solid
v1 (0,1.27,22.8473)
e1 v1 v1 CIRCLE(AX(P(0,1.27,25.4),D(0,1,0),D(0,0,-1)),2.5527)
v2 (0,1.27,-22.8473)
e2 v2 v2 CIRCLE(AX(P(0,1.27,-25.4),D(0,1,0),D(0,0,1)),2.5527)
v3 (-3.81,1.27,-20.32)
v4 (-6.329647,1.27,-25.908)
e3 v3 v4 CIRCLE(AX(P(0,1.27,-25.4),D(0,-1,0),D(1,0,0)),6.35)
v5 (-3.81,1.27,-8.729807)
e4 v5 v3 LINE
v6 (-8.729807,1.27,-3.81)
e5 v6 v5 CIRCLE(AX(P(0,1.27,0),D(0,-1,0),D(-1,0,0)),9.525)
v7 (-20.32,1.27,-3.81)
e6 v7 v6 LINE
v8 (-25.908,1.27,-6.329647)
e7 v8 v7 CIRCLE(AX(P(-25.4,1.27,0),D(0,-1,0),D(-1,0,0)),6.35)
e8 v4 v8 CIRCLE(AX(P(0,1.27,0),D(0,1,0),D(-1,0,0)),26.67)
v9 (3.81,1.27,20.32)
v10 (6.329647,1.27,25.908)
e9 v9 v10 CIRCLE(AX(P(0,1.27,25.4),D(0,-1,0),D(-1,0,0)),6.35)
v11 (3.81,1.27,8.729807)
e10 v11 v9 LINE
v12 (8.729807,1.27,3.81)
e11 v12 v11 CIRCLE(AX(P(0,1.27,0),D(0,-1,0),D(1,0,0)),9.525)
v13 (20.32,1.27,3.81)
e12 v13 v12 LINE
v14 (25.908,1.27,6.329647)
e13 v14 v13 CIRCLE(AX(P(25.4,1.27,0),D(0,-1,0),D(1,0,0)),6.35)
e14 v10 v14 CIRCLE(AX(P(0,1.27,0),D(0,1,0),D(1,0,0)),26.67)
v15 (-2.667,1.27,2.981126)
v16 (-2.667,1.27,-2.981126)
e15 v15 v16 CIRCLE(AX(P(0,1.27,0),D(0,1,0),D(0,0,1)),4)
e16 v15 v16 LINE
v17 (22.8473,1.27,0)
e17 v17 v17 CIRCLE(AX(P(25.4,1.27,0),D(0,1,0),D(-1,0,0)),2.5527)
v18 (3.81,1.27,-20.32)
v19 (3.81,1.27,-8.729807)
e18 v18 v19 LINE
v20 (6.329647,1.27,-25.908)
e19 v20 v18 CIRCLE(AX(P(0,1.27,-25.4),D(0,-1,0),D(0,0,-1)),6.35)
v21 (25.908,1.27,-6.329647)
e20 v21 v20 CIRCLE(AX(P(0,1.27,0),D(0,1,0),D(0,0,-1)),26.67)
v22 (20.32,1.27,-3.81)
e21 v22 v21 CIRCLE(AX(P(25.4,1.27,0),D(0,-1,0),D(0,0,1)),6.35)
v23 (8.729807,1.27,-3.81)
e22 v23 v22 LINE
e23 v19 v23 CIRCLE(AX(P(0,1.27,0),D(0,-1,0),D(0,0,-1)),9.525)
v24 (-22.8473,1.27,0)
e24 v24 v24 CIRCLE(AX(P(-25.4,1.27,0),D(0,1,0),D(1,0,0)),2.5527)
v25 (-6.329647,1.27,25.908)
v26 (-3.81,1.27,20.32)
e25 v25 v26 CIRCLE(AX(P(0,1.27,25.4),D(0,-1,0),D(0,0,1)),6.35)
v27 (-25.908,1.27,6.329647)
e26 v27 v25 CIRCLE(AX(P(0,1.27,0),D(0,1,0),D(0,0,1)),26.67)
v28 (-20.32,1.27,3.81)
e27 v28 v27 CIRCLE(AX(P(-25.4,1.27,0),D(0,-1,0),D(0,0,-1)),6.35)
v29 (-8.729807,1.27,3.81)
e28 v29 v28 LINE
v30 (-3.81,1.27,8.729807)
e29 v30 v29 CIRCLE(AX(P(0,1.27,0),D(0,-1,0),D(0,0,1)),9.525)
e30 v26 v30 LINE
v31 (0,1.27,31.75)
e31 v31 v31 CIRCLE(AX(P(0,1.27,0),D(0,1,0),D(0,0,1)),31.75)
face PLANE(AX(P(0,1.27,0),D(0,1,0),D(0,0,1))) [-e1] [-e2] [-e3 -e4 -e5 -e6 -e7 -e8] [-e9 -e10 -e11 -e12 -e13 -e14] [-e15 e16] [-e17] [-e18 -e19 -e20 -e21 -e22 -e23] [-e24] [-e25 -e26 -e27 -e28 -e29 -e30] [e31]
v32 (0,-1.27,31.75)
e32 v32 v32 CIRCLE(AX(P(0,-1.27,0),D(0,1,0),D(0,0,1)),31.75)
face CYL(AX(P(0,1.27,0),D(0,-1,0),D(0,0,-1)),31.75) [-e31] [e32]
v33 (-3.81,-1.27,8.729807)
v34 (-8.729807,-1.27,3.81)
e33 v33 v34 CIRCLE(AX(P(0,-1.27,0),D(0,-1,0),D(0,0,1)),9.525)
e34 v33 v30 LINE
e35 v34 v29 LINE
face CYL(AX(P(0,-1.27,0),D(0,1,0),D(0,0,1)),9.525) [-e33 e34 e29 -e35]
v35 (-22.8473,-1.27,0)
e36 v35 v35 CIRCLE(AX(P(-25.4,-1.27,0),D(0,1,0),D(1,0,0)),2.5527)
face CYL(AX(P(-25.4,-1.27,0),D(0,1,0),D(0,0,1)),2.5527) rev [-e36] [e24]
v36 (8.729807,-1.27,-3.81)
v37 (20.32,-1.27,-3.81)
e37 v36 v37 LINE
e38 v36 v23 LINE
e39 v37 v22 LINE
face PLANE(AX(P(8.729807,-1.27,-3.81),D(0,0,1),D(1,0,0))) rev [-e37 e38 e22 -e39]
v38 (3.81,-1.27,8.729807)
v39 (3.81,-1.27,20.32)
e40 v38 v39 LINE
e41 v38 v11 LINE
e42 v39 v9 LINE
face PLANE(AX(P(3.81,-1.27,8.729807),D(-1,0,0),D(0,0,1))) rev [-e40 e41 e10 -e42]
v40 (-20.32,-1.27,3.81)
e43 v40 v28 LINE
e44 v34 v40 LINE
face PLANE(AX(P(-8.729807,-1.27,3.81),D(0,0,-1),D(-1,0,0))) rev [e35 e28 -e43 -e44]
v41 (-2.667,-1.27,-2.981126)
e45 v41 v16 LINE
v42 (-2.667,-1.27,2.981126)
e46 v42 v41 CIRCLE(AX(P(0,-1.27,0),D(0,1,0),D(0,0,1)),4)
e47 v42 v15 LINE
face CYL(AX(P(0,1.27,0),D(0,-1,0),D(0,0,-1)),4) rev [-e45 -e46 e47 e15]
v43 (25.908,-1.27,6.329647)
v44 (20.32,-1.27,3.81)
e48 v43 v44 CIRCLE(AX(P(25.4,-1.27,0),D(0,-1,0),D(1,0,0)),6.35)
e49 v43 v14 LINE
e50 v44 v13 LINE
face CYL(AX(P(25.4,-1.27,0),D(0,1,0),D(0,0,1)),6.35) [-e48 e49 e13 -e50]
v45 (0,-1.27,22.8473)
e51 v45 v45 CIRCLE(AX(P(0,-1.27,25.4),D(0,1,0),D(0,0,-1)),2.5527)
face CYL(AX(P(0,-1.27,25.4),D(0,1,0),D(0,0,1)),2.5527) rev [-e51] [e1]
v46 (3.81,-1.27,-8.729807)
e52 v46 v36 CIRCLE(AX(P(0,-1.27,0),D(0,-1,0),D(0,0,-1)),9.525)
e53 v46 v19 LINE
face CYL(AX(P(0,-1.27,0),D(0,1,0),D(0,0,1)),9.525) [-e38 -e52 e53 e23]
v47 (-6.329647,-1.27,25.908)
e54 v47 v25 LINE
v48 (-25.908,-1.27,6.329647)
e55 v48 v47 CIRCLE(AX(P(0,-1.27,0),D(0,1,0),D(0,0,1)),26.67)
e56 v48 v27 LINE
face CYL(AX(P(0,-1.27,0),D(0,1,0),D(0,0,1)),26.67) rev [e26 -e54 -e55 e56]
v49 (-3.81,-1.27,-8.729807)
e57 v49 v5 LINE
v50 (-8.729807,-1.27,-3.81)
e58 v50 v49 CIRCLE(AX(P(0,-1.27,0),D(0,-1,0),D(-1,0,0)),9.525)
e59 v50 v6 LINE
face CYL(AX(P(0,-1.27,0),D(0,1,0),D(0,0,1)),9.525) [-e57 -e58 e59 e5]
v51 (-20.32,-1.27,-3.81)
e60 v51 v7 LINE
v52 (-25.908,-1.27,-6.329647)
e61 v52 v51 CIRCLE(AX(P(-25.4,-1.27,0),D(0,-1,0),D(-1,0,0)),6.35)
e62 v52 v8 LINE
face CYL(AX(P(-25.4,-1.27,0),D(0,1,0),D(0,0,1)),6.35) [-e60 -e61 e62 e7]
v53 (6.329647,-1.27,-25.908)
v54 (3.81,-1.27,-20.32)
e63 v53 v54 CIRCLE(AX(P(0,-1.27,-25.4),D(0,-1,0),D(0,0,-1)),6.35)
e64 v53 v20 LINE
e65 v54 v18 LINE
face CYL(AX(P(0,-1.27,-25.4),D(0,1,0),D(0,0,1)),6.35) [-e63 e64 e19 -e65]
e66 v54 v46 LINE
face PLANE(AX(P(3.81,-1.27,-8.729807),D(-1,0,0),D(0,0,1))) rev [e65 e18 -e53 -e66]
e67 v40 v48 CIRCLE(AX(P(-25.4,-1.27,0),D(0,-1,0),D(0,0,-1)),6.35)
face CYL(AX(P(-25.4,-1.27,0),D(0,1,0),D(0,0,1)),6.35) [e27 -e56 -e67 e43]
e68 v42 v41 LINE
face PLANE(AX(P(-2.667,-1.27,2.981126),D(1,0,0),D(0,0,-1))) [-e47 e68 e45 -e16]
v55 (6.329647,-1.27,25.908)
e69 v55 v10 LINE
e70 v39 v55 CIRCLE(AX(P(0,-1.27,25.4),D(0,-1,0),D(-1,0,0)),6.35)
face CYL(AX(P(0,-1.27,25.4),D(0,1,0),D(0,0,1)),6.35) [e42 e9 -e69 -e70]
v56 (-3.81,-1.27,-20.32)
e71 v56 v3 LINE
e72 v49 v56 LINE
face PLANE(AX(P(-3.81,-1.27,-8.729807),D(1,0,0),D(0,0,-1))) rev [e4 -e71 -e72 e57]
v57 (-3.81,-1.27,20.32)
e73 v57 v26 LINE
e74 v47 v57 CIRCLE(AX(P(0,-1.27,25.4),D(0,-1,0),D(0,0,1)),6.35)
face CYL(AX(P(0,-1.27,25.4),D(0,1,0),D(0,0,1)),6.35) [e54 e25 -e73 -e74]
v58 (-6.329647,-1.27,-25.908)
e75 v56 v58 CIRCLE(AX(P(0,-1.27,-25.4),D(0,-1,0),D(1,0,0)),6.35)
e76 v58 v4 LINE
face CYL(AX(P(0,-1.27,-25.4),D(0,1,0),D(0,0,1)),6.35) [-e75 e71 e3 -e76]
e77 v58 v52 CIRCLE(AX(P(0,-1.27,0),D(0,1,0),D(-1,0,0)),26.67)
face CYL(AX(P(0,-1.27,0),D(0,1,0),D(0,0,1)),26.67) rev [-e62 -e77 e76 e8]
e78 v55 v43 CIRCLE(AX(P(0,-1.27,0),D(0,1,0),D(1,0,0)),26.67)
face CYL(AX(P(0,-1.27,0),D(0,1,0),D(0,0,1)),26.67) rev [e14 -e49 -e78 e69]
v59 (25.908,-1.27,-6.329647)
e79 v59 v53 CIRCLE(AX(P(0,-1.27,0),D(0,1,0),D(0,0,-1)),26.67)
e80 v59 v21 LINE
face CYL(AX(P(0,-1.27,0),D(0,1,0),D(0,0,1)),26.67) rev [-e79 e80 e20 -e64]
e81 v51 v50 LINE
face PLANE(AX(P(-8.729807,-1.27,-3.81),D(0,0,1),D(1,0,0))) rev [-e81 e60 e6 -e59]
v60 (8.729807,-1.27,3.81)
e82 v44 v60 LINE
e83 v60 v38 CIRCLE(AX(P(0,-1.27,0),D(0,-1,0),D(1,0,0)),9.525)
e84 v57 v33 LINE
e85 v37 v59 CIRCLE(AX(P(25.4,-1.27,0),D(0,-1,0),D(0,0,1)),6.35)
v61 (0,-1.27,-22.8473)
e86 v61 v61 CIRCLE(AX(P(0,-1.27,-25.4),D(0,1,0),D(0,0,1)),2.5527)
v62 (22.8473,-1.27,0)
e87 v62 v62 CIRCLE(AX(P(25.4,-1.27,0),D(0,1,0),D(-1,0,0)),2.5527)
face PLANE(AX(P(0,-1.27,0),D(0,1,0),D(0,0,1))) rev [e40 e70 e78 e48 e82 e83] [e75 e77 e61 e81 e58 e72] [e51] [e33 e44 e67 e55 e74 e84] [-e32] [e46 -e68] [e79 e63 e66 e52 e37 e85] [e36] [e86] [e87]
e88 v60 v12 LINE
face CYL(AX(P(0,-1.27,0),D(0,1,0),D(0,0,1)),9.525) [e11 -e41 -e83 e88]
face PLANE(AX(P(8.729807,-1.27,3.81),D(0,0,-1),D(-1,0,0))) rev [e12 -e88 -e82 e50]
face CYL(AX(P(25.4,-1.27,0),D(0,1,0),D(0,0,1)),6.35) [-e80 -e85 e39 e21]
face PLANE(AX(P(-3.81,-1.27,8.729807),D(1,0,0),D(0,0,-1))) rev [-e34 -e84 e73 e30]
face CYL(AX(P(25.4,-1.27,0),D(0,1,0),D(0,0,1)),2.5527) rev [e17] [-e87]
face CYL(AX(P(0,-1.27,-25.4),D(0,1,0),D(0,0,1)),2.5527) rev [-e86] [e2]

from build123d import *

# Parameters (mm, degrees)
SKETCH1_R           = 31.75
SKETCH1_R_2         = 4.000000128
BOSS_EXTRUDE1_DEPTH = 1.27
BOSS_EXTRUDE3_DEPTH = 2.54
SKETCH3_R           = 2.5527
CUT_EXTRUDE1_DEPTH  = 3.54
CUT_EXTRUDE2_DEPTH  = 3.54
CIRPATTERN1_COUNT   = 4


with BuildPart() as part:
    # Sketch1 → Boss-Extrude1 (new body, symmetric)
    with BuildSketch(Plane(origin=(0, 0, 0), x_dir=(1, 0, 0), z_dir=(0, 1, 0))):
        Circle(SKETCH1_R)
        Circle(SKETCH1_R_2, mode=Mode.SUBTRACT)
    extrude(amount=BOSS_EXTRUDE1_DEPTH, both=True)

    # Sketch2 → Boss-Extrude3 (add, through all)
    with BuildSketch(Plane(origin=(0, 1.27, 0), x_dir=(1, 0, 0), z_dir=(0, 1, 0))):
        with BuildLine():
            Line((-2.667, -2.981125966), (-2.667, 2.981125966))
            ThreePointArc((-2.667, 2.981125966), (-4.000000128, 0), (-2.667, -2.981125966))
        make_face()
    extrude(amount=-BOSS_EXTRUDE3_DEPTH)

    # Sketch3 → Cut-Extrude1 (cut, through all)
    with BuildSketch(Plane(origin=(0, 1.27, 0), x_dir=(1, 0, 0), z_dir=(0, 1, 0))):
        with Locations((0, 25.4)):
            Circle(SKETCH3_R)
    cut_extrude1 = extrude(amount=-CUT_EXTRUDE1_DEPTH, mode=Mode.SUBTRACT)

    # Sketch4 → Cut-Extrude2 (cut, through all)
    with BuildSketch(Plane(origin=(0, 1.27, 0), x_dir=(1, 0, 0), z_dir=(0, 1, 0))):
        with BuildLine():
            Line((3.81, 8.729806699), (3.81, 20.32))
            ThreePointArc((3.81, 20.32), (5.788743237, 22.789836838), (6.329647384, 25.908))
            ThreePointArc((6.329647384, 25.908), (18.858537854, 18.858537854), (25.908, 6.329647384))
            ThreePointArc((25.908, 6.329647384), (22.789836838, 5.788743237), (20.32, 3.81))
            Line((20.32, 3.81), (8.729806699, 3.81))
            ThreePointArc((8.729806699, 3.81), (6.735192091, 6.735192091), (3.81, 8.729806699))
        make_face()
    cut_extrude2 = extrude(amount=-CUT_EXTRUDE2_DEPTH, mode=Mode.SUBTRACT)

    # CirPattern1: Cut-Extrude1, Cut-Extrude2 ×4 about axis
    cirpattern1_axis = Axis((0, 0, 0), (0, 1, 0))
    for i in range(1, CIRPATTERN1_COUNT):
        add(cut_extrude1.rotate(cirpattern1_axis, i * 360 / CIRPATTERN1_COUNT), mode=Mode.SUBTRACT)
        add(cut_extrude2.rotate(cirpattern1_axis, i * 360 / CIRPATTERN1_COUNT), mode=Mode.SUBTRACT)


solid = part.part
